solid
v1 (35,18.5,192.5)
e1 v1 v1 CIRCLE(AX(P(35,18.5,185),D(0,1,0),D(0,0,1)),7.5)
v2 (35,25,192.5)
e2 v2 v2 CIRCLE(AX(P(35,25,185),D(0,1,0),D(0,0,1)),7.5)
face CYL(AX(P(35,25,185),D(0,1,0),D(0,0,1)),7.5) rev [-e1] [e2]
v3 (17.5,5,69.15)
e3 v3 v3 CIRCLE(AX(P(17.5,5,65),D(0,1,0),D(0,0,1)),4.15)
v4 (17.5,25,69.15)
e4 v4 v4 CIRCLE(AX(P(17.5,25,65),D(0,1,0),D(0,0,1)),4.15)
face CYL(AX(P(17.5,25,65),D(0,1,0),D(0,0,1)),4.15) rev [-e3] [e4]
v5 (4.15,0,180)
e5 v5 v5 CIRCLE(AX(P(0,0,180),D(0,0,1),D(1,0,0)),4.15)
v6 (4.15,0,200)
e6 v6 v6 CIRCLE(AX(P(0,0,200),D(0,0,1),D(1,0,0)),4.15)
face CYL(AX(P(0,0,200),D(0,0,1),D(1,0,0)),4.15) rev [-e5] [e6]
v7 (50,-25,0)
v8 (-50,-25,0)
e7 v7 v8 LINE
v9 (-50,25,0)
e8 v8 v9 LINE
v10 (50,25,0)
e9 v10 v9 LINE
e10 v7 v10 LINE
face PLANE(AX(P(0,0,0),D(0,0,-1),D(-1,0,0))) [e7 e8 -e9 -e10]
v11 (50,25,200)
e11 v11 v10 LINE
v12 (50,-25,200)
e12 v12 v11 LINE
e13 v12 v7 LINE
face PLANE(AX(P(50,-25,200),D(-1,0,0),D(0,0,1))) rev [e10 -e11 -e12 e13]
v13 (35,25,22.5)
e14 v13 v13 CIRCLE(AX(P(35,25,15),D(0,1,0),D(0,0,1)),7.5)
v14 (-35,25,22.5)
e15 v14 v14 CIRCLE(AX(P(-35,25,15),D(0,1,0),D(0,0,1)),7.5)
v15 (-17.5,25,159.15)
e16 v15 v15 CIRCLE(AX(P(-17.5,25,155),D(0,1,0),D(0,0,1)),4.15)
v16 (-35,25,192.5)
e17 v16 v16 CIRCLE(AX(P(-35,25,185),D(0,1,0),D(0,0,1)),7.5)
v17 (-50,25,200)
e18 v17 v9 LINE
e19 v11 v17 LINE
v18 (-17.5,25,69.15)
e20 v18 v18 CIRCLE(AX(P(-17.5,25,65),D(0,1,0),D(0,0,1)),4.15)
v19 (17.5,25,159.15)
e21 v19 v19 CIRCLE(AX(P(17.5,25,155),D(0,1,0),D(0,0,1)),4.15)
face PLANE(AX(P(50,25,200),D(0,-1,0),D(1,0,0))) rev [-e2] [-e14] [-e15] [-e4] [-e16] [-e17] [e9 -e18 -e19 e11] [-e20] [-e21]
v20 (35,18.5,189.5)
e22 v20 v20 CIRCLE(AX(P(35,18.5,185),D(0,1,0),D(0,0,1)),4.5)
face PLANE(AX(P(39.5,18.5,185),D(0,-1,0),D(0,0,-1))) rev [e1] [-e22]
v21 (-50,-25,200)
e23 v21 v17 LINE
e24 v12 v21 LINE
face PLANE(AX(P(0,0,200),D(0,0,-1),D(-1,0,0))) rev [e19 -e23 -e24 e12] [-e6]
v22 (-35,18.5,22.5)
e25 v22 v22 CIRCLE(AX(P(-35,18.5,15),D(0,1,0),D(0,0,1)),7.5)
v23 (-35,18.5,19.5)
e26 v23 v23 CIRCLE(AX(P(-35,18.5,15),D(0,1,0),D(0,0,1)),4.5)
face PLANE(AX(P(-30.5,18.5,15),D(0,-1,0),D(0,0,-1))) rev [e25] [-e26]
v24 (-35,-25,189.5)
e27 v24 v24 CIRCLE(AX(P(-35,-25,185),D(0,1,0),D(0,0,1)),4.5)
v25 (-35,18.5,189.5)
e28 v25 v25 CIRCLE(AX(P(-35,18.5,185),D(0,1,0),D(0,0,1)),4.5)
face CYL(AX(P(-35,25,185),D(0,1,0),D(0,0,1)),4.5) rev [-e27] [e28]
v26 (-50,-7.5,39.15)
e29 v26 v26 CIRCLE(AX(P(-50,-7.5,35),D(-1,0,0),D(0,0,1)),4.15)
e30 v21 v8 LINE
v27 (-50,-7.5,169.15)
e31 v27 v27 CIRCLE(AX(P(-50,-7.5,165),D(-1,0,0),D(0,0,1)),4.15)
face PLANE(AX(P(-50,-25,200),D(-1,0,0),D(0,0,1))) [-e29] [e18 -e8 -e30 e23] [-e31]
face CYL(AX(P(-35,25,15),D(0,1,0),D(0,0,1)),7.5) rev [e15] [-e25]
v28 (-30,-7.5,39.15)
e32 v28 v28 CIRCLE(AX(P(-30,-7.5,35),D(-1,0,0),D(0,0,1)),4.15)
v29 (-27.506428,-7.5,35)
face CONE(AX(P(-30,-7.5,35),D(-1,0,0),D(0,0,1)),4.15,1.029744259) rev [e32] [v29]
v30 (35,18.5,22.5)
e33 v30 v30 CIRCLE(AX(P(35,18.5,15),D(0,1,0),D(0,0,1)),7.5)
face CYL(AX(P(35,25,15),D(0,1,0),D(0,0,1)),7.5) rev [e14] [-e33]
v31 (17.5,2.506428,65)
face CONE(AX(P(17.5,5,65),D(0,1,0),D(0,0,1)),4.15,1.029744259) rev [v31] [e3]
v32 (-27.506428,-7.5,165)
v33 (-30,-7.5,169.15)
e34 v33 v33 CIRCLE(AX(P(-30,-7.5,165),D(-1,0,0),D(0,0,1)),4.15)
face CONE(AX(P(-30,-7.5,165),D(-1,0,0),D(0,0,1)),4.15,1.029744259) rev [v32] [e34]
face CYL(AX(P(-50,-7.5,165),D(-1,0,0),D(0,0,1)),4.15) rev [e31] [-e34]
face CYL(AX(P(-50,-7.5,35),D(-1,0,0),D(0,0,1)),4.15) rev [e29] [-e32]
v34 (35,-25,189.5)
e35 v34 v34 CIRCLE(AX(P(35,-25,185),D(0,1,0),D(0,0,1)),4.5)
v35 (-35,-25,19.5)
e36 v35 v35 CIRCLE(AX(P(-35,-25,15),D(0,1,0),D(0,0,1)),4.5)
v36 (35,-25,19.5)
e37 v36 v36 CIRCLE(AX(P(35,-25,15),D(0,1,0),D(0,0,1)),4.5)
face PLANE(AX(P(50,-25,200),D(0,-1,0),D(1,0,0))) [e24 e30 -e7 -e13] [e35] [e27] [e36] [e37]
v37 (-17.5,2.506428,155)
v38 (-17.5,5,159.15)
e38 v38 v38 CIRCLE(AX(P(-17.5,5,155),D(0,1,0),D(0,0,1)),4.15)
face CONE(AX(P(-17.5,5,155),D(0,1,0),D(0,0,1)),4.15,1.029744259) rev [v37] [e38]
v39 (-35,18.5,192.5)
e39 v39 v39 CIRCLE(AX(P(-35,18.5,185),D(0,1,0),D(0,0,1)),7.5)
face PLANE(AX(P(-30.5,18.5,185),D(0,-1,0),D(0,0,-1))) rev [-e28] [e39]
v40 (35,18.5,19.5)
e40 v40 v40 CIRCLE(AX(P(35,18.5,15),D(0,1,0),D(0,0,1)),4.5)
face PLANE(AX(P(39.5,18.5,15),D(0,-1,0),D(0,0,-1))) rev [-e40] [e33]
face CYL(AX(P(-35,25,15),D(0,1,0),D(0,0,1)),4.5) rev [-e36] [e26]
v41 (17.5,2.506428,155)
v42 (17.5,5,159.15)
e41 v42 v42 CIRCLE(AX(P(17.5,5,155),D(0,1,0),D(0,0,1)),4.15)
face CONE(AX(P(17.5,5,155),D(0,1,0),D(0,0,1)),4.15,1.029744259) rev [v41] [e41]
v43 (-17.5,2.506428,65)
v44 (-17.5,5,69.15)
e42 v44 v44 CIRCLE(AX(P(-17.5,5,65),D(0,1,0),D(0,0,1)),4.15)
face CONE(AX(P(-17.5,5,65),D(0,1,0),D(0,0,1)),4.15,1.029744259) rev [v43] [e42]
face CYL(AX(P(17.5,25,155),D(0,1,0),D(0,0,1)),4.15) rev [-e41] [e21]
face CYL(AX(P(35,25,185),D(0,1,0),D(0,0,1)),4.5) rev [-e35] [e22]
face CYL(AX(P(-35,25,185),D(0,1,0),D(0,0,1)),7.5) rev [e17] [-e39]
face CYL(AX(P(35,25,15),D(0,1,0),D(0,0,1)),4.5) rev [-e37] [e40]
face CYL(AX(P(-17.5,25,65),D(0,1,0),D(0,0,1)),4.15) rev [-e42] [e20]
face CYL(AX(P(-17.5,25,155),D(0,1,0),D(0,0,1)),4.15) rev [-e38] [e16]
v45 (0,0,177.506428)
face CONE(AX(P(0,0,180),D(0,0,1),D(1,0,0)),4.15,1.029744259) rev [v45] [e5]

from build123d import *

# Parameters (mm, degrees)
SKIZZE1_W                                           = 100
SKIZZE1_H                                           = 50
AUFSATZ_LINEAR_AUSTRAGEN1_DEPTH                     = 200
STIRNSENKUNG_F_R_M8_SENKSCHRAUBE_KOPF_B_D           = 9
STIRNSENKUNG_F_R_M8_SENKSCHRAUBE_KOPF_B_CBORE_D     = 15
STIRNSENKUNG_F_R_M8_SENKSCHRAUBE_KOPF_B_CBORE_DEPTH = 6.5
SPIEGELN3_COPY_1_D                                  = 9
SPIEGELN3_COPY_1_CBORE_D                            = 15
SPIEGELN3_COPY_1_CBORE_DEPTH                        = 6.5
KERNLOCH_F_R_M8_HELICOIL0_D                         = 8.3
KERNLOCH_F_R_M8_HELICOIL0_DEPTH                     = 20
KERNLOCH_F_R_M8_HELICOIL0_TIP                       = 2.493571569
KERNLOCH_F_R_M8_HELICOIL0_2_D                       = 8.3
KERNLOCH_F_R_M8_HELICOIL0_2_DEPTH                   = 20
KERNLOCH_F_R_M8_HELICOIL0_2_TIP                     = 2.493571569
KERNLOCH_F_R_M8_HELICOIL3_D                         = 8.3
KERNLOCH_F_R_M8_HELICOIL3_DEPTH                     = 20
KERNLOCH_F_R_M8_HELICOIL3_TIP                       = 2.493571569
KERNLOCH_F_R_M8_HELICOIL4_D                         = 8.3
KERNLOCH_F_R_M8_HELICOIL4_DEPTH                     = 20
KERNLOCH_F_R_M8_HELICOIL4_TIP                       = 2.493571569


with BuildPart() as part:
    # Skizze1 → Aufsatz-Linear austragen1 (new body)
    with BuildSketch(Plane.XY):
        Rectangle(SKIZZE1_W, SKIZZE1_H)
    extrude(amount=AUFSATZ_LINEAR_AUSTRAGEN1_DEPTH)

    # Stirnsenkung für M8 Senkschraube (Kopf Button)4 (through all)
    with Locations(Plane(origin=(0, 25, 0), x_dir=(1, 0, 0), z_dir=(0, 1, 0))):
        with Locations((-35, -185)):
            stirnsenkung_f_r_m8_senkschraube_kopf_b = CounterBoreHole(STIRNSENKUNG_F_R_M8_SENKSCHRAUBE_KOPF_B_D / 2, STIRNSENKUNG_F_R_M8_SENKSCHRAUBE_KOPF_B_CBORE_D / 2, STIRNSENKUNG_F_R_M8_SENKSCHRAUBE_KOPF_B_CBORE_DEPTH)

    # Spiegeln2: Stirnsenkung für M8 Senkschraube (Kopf Button)4 across plane
    add(stirnsenkung_f_r_m8_senkschraube_kopf_b.mirror(Plane(origin=(0, 0, 0), x_dir=(0, 0, 1), z_dir=(1, 0, 0))), mode=Mode.SUBTRACT)

    # Spiegeln3: Stirnsenkung für M8 Senkschraube (Kopf Button)4 across plane
    add(stirnsenkung_f_r_m8_senkschraube_kopf_b.mirror(Plane.XY.offset(100)), mode=Mode.SUBTRACT)

    # Spiegeln3 copy 1 (through all)
    with Locations(Plane(origin=(0, 25, 200), x_dir=(-1, 0, 0), z_dir=(0, 1, 0))):
        with Locations((-35, -185)):
            CounterBoreHole(SPIEGELN3_COPY_1_D / 2, SPIEGELN3_COPY_1_CBORE_D / 2, SPIEGELN3_COPY_1_CBORE_DEPTH)

    # Kernloch f_r M8 Helicoil0
    with Locations(Plane.ZY.offset(50)):
        with Locations((35, -7.5)):
            Hole(KERNLOCH_F_R_M8_HELICOIL0_D / 2, depth=KERNLOCH_F_R_M8_HELICOIL0_DEPTH)
            with Locations((0, 0, -(KERNLOCH_F_R_M8_HELICOIL0_DEPTH + KERNLOCH_F_R_M8_HELICOIL0_TIP / 2))):  # 118° drill point
                Cone(0, KERNLOCH_F_R_M8_HELICOIL0_D / 2, KERNLOCH_F_R_M8_HELICOIL0_TIP, mode=Mode.SUBTRACT)

    # Kernloch f_r M8 Helicoil0 2
    with Locations(Plane.ZY.offset(50)):
        with Locations((165, -7.5)):
            Hole(KERNLOCH_F_R_M8_HELICOIL0_2_D / 2, depth=KERNLOCH_F_R_M8_HELICOIL0_2_DEPTH)
            with Locations((0, 0, -(KERNLOCH_F_R_M8_HELICOIL0_2_DEPTH + KERNLOCH_F_R_M8_HELICOIL0_2_TIP / 2))):  # 118° drill point
                Cone(0, KERNLOCH_F_R_M8_HELICOIL0_2_D / 2, KERNLOCH_F_R_M8_HELICOIL0_2_TIP, mode=Mode.SUBTRACT)

    # Kernloch für M8 Helicoil3
    with Locations(Plane.XY.offset(200)):
        with Locations((0, 0)):
            Hole(KERNLOCH_F_R_M8_HELICOIL3_D / 2, depth=KERNLOCH_F_R_M8_HELICOIL3_DEPTH)
            with Locations((0, 0, -(KERNLOCH_F_R_M8_HELICOIL3_DEPTH + KERNLOCH_F_R_M8_HELICOIL3_TIP / 2))):  # 118° drill point
                Cone(0, KERNLOCH_F_R_M8_HELICOIL3_D / 2, KERNLOCH_F_R_M8_HELICOIL3_TIP, mode=Mode.SUBTRACT)

    # Kernloch für M8 Helicoil4
    with Locations(Plane(origin=(0, 25, 0), x_dir=(1, 0, 0), z_dir=(0, 1, 0))):
        with Locations((-17.5, -65), (17.5, -65), (17.5, -155), (-17.5, -155)):
            Hole(KERNLOCH_F_R_M8_HELICOIL4_D / 2, depth=KERNLOCH_F_R_M8_HELICOIL4_DEPTH)
            with Locations((0, 0, -(KERNLOCH_F_R_M8_HELICOIL4_DEPTH + KERNLOCH_F_R_M8_HELICOIL4_TIP / 2))):  # 118° drill point
                Cone(0, KERNLOCH_F_R_M8_HELICOIL4_D / 2, KERNLOCH_F_R_M8_HELICOIL4_TIP, mode=Mode.SUBTRACT)


solid = part.part
